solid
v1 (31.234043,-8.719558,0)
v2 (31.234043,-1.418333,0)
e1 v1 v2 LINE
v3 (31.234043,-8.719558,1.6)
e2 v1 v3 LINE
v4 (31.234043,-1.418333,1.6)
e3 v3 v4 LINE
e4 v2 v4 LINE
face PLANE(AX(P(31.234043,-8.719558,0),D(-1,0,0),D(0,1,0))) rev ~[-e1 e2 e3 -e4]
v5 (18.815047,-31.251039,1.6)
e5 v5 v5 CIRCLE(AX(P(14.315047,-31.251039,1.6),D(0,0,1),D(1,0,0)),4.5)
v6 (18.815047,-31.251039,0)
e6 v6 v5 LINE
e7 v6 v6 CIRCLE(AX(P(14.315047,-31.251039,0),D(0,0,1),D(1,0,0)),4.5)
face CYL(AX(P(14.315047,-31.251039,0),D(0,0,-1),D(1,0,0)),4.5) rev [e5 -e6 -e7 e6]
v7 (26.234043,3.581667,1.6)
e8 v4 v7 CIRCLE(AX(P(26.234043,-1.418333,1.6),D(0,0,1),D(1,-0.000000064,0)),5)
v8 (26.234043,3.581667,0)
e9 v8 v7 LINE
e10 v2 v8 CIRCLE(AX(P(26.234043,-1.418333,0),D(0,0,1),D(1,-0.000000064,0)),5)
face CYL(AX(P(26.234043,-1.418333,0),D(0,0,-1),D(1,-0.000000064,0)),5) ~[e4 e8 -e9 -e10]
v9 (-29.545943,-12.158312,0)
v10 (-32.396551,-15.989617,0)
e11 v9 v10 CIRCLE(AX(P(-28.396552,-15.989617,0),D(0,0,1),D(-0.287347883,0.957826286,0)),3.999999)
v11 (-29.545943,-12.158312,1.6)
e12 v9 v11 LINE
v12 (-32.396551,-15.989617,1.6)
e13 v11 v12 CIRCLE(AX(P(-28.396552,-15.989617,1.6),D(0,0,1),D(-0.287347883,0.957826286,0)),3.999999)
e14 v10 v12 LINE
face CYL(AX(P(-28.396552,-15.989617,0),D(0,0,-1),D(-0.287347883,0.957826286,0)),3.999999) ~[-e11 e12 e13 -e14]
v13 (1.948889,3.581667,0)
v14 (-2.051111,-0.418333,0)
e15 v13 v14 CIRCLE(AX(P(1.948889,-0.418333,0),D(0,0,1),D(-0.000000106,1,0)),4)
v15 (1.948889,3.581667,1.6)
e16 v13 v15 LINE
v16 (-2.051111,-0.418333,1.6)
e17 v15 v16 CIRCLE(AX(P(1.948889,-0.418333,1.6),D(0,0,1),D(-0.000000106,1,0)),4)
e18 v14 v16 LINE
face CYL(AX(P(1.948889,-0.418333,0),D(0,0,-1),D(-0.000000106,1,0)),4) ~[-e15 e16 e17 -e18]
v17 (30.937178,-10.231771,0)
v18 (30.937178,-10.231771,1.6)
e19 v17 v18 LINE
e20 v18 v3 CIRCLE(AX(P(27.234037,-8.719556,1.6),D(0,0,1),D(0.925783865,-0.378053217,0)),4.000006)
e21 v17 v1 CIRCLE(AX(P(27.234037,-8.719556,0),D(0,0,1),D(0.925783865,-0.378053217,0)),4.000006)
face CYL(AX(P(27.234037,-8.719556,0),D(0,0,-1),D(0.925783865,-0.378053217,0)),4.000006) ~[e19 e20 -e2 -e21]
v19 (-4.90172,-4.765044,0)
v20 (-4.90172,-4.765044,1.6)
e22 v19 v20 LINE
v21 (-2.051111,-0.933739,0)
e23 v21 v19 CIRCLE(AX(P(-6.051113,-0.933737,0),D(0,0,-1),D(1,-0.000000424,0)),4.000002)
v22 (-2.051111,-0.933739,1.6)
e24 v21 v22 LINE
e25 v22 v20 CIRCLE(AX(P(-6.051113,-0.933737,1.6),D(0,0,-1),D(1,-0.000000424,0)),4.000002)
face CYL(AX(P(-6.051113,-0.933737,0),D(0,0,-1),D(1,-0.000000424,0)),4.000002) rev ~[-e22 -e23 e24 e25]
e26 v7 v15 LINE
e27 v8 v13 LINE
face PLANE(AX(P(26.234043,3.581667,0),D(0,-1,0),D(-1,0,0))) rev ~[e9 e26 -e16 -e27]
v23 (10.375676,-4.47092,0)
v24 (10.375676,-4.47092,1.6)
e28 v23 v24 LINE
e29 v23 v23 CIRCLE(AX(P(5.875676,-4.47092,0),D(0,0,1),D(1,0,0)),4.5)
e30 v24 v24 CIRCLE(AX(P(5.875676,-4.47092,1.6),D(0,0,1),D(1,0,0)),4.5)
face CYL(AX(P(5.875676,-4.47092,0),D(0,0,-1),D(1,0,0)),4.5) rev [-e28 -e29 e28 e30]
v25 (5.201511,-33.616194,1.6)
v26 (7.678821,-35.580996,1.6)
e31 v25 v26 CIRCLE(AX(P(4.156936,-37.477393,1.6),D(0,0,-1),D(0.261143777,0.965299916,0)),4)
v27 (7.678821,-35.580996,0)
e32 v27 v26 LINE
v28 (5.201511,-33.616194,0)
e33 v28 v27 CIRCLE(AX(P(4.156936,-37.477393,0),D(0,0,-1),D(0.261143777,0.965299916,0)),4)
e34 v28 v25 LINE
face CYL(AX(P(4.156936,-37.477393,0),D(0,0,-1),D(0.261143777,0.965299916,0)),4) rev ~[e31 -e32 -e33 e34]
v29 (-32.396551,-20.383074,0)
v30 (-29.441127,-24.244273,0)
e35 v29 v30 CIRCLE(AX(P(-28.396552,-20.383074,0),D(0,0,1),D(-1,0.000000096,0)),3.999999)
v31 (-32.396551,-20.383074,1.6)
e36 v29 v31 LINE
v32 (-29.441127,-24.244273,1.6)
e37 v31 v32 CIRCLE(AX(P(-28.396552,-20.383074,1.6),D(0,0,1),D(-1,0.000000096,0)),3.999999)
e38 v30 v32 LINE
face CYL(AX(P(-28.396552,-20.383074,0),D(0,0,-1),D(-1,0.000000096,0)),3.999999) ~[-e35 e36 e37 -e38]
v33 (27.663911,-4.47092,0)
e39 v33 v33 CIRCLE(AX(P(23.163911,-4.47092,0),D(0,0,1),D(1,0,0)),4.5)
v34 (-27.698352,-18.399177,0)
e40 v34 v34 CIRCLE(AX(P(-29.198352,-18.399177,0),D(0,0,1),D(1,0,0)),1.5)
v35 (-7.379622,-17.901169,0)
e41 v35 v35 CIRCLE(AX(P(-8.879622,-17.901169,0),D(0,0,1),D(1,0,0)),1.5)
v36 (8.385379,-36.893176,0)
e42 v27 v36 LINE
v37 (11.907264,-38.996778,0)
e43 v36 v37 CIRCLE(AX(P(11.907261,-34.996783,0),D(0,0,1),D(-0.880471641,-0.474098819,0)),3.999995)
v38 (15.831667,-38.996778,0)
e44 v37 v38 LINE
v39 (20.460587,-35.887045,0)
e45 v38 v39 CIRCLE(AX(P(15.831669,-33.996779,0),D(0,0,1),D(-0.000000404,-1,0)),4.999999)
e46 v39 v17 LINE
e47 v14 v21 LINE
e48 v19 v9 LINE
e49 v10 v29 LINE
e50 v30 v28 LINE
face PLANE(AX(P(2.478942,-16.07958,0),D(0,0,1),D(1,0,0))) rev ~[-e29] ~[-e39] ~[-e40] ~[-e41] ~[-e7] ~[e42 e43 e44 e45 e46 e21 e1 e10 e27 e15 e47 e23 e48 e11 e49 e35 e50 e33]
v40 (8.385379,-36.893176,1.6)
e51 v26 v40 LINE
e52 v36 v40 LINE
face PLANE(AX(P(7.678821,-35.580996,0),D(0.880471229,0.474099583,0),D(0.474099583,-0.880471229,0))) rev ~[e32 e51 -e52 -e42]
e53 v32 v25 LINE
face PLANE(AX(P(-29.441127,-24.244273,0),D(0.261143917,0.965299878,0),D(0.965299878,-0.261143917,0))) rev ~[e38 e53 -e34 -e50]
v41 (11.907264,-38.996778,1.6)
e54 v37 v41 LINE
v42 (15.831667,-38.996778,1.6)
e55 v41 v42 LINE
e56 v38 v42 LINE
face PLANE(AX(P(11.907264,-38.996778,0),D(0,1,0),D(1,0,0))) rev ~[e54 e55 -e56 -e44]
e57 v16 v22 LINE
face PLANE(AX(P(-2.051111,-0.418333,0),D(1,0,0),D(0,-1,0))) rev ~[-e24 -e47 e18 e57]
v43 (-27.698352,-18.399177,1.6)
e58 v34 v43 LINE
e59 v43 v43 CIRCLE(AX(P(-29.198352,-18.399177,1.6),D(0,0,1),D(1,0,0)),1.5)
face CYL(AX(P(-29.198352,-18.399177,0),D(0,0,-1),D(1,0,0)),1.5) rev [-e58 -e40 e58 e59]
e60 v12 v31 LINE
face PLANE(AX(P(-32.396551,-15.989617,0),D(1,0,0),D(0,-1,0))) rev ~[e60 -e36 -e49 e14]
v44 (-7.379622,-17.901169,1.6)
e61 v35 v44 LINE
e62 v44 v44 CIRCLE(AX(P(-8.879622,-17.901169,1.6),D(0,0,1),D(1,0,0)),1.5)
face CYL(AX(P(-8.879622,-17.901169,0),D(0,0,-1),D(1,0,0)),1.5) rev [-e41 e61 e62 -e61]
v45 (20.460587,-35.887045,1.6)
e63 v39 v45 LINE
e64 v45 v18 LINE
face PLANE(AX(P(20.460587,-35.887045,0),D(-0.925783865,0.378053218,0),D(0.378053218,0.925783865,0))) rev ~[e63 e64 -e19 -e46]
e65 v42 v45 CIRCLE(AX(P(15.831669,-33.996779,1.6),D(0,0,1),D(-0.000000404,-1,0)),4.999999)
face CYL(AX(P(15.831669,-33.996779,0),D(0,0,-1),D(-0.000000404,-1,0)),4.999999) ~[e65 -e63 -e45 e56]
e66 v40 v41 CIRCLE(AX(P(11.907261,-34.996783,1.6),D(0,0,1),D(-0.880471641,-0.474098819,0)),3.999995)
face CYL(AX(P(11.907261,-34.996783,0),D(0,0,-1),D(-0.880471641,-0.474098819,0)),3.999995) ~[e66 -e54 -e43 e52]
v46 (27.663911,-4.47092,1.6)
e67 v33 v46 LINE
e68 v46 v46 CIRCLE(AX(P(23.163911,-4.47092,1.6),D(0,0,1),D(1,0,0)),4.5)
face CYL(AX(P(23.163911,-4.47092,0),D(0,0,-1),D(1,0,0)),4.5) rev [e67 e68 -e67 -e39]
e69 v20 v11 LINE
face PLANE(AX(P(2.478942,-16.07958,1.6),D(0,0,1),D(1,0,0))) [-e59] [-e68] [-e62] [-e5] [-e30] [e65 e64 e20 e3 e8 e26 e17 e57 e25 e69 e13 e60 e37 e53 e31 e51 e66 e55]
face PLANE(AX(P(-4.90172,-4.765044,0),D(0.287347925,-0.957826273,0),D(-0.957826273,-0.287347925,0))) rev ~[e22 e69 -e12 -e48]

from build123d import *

# Parameters (mm, degrees)
F0_R     = 1.5
F0_R_2   = 4.5
F1_DEPTH = 1.6


with BuildPart() as f1:
    # F0 (on Top) → F1 (new body)
    with BuildSketch(Plane.XY):
        with BuildLine():
            Line((31.234043, -8.719558), (31.234043, -1.418333))
            ThreePointArc((31.234043, -1.418333), (29.769577, 2.117201), (26.234043, 3.581667))
            Line((26.234043, 3.581667), (1.948889, 3.581667))
            ThreePointArc((1.948889, 3.581667), (-0.879538, 2.410094), (-2.051111, -0.418333))
            Line((-2.051111, -0.418333), (-2.051111, -0.933739))
            ThreePointArc((-2.051111, -0.933739), (-2.84194, -3.321461), (-4.90172, -4.765044))
            Line((-4.90172, -4.765044), (-29.545943, -12.158312))
            ThreePointArc((-29.545943, -12.158312), (-31.605723, -13.601895), (-32.396551, -15.989617))
            Line((-32.396551, -15.989617), (-32.396551, -20.383074))
            ThreePointArc((-32.396551, -20.383074), (-31.572894, -22.814297), (-29.441127, -24.244273))
            Line((-29.441127, -24.244273), (5.201511, -33.616194))
            ThreePointArc((5.201511, -33.616194), (6.642545, -34.343427), (7.678821, -35.580996))
            Line((7.678821, -35.580996), (8.385379, -36.893176))
            ThreePointArc((8.385379, -36.893176), (9.856117, -38.430843), (11.907264, -38.996778))
            Line((11.907264, -38.996778), (15.831667, -38.996778))
            ThreePointArc((15.831667, -38.996778), (18.619917, -38.14716), (20.460587, -35.887045))
            Line((20.460587, -35.887045), (30.937178, -10.231771))
            ThreePointArc((30.937178, -10.231771), (31.159125, -9.490096), (31.234043, -8.719558))
        make_face()
        with Locations((-29.198352, -18.399177)):
            Circle(F0_R, mode=Mode.SUBTRACT)
        with Locations((-8.879622, -17.901169)):
            Circle(F0_R, mode=Mode.SUBTRACT)
        with Locations((14.315047, -31.251039)):
            Circle(F0_R_2, mode=Mode.SUBTRACT)
        with Locations((5.875676, -4.47092)):
            Circle(F0_R_2, mode=Mode.SUBTRACT)
        with Locations((23.163911, -4.47092)):
            Circle(F0_R_2, mode=Mode.SUBTRACT)
    extrude(amount=F1_DEPTH)


solid = f1.part
